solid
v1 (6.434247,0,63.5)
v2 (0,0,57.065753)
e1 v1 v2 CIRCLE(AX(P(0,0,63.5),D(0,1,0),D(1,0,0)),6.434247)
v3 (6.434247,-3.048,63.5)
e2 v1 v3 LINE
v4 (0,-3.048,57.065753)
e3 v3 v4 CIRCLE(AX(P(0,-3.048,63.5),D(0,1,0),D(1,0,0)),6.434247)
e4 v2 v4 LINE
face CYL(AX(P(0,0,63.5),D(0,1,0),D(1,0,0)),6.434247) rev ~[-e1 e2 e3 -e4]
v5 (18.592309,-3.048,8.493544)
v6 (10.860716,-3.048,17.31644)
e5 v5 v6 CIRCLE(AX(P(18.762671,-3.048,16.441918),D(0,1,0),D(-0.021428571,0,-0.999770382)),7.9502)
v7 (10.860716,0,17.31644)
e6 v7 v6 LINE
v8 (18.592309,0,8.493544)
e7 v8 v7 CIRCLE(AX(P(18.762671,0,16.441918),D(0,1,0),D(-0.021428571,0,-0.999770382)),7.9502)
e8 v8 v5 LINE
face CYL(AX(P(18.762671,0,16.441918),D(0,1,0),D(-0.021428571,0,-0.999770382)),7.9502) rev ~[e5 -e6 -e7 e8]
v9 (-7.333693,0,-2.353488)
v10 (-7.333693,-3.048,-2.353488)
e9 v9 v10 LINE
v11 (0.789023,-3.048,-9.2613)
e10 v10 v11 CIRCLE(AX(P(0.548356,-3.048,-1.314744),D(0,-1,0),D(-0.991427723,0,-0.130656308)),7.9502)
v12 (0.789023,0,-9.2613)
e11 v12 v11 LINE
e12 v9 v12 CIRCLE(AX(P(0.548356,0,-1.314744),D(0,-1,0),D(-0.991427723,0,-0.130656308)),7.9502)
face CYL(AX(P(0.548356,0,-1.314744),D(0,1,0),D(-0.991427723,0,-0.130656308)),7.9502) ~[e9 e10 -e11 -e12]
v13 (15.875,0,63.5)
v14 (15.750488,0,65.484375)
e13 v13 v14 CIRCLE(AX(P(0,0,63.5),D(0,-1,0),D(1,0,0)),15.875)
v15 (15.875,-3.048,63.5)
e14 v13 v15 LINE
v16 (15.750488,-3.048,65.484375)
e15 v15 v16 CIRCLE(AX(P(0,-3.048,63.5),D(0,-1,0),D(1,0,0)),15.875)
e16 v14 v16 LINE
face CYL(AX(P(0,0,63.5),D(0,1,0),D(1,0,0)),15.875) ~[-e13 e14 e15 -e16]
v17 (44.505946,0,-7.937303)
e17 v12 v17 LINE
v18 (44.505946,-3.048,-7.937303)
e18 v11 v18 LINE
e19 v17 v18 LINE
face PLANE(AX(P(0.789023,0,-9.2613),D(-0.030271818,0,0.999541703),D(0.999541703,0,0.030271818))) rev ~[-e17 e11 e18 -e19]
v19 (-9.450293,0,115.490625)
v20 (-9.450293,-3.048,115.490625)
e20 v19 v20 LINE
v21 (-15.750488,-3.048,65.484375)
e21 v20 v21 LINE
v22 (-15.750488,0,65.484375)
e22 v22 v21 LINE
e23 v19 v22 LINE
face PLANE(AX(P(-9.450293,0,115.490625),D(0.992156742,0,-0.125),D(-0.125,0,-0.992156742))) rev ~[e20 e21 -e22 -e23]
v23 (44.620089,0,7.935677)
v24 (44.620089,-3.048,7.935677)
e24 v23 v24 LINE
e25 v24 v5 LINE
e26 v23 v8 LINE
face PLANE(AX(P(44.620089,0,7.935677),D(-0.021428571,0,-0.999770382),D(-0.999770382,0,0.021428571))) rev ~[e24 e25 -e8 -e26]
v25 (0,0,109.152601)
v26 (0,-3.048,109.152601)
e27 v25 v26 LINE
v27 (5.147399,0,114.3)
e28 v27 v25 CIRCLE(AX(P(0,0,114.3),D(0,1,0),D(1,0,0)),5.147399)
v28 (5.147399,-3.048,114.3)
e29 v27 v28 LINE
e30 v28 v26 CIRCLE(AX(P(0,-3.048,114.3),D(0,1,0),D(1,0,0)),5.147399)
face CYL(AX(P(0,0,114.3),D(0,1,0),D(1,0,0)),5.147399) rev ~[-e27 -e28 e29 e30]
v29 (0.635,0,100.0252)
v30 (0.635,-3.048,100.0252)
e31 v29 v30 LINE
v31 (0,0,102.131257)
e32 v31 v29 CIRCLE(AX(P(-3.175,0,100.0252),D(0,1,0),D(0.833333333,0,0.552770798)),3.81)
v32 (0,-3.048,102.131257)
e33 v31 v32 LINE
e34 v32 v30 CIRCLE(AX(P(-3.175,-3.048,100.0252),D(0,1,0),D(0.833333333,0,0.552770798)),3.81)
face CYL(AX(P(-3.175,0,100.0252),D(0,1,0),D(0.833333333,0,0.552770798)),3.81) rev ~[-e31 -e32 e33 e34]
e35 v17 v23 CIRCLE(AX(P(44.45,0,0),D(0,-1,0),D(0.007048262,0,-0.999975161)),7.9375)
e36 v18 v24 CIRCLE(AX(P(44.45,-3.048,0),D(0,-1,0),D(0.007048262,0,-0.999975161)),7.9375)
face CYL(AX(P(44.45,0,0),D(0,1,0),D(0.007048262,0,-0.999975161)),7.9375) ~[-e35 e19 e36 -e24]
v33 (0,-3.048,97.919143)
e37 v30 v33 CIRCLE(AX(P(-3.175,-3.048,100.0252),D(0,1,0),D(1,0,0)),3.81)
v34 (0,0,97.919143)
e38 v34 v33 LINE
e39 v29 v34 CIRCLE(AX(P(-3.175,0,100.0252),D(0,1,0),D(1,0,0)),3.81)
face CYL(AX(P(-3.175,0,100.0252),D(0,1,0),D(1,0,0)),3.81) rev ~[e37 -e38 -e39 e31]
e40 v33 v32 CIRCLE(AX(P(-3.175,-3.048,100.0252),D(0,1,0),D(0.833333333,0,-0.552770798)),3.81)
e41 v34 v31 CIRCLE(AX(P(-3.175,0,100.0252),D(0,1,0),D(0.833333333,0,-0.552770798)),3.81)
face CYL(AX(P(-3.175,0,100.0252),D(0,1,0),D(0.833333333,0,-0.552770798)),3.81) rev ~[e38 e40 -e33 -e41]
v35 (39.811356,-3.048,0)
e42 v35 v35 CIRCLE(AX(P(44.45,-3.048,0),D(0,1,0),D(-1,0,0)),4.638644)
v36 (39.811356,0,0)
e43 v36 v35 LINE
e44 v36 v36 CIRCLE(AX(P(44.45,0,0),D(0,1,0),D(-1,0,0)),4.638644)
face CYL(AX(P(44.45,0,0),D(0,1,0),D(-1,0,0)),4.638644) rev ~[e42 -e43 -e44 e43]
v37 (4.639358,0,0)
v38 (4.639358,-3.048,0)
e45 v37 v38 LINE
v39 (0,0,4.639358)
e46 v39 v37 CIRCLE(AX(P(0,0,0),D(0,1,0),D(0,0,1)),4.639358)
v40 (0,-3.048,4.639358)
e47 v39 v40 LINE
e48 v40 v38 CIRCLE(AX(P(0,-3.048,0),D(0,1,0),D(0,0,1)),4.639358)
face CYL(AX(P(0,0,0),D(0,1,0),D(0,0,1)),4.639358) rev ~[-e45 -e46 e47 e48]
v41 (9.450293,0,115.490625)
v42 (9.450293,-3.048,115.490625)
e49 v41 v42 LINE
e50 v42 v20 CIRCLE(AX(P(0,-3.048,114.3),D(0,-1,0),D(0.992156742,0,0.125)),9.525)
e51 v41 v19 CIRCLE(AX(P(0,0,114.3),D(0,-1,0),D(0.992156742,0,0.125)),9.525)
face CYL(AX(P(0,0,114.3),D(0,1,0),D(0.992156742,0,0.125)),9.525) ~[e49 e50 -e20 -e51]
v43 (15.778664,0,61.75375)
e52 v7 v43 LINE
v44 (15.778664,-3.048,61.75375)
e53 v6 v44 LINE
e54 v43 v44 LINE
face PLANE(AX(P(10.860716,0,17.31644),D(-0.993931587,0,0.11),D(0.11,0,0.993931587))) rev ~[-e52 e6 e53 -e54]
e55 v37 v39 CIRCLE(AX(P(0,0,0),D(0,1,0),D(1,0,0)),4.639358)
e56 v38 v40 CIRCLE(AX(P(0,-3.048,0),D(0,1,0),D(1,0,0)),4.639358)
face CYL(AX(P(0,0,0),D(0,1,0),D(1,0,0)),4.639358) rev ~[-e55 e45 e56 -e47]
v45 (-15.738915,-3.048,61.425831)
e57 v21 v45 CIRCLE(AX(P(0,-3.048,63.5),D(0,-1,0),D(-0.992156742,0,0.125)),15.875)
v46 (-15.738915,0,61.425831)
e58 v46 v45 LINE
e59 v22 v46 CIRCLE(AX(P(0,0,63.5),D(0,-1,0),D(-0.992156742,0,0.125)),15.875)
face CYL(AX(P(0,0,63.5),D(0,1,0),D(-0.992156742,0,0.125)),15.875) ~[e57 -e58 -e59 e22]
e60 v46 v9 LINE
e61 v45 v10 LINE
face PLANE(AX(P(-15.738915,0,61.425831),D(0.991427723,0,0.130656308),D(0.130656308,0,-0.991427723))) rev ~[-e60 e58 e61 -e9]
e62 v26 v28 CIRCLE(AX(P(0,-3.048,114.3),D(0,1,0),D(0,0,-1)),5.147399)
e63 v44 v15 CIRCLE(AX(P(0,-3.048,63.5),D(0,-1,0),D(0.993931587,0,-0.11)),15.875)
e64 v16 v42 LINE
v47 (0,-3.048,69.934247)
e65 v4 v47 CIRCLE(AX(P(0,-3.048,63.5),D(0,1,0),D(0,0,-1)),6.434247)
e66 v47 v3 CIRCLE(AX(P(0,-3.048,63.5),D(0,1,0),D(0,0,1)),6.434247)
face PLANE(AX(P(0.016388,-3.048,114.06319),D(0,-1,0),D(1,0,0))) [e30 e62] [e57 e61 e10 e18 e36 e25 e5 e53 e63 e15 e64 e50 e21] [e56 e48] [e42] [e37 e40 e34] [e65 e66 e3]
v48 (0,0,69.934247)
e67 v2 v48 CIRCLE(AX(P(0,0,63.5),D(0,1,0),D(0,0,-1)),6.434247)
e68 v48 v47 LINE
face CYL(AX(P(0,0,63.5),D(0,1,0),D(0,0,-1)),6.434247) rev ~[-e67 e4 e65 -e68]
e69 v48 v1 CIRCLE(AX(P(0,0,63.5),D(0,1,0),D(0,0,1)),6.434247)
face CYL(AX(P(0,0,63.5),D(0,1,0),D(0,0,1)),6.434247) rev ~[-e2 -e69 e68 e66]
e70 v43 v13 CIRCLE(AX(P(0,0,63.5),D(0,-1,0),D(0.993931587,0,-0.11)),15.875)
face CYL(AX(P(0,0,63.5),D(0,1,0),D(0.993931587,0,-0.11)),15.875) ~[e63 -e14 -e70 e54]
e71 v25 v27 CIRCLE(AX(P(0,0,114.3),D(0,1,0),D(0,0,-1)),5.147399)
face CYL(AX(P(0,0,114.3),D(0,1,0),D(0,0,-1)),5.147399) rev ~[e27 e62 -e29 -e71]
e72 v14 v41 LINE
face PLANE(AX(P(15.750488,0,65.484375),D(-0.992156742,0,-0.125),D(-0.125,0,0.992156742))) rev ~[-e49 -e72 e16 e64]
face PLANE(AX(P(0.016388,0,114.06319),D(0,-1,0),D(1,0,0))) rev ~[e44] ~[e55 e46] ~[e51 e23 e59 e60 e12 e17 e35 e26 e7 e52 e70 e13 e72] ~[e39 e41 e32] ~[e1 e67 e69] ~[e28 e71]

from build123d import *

# Parameters (mm, degrees)
F1_DEPTH = 3.048


with BuildPart() as f1:
    # F0 (on Front) → F1 (new body)
    with BuildSketch(Plane.XZ):
        with BuildLine():
            ThreePointArc((-9.4502929642, 115.490625), (-7.14375, 107.9998046905), (0, 104.775))
            ThreePointArc((0, 104.775), (6.7351920908, 107.5648079092), (9.525, 114.3))
            ThreePointArc((9.525, 114.3), (9.5063048942, 114.896483242), (9.4502929642, 115.490625))
            ThreePointArc((9.4502929642, 115.490625), (0, 123.825), (-9.4502929642, 115.490625))
        make_face()
        with BuildLine():
            ThreePointArc((5.1473989497, 114.3), (3.6397607028, 110.6602392972), (0, 109.1526010503))
            ThreePointArc((0, 109.1526010503), (-3.6397607028, 117.9397607028), (5.1473989497, 114.3))
        make_face(mode=Mode.SUBTRACT)
        with BuildLine():
            ThreePointArc((9.525, 114.3), (6.7351920908, 107.5648079092), (0, 104.775))
            Line((0, 104.775), (0, 102.1312567419))
            ThreePointArc((0, 102.1312567419), (0.4727972806, 101.1250522628), (0.635, 100.0252))
            ThreePointArc((0.635, 100.0252), (0.4727972806, 98.9253477372), (0, 97.9191432581))
            Line((0, 97.9191432581), (0, 79.375))
            ThreePointArc((0, 79.375), (10.5003255158, 75.40625), (15.7504882737, 65.484375))
            Line((15.7504882737, 65.484375), (9.4502929642, 115.490625))
            ThreePointArc((9.4502929642, 115.490625), (9.5063048942, 114.896483242), (9.525, 114.3))
        make_face()
        with BuildLine():
            Line((0, 102.1312567419), (0, 104.775))
            ThreePointArc((0, 104.775), (-7.14375, 107.9998046905), (-9.4502929642, 115.490625))
            Line((-9.4502929642, 115.490625), (-15.7504882737, 65.484375))
            ThreePointArc((-15.7504882737, 65.484375), (-10.5003255158, 75.40625), (0, 79.375))
            Line((0, 79.375), (0, 97.9191432581))
            ThreePointArc((0, 97.9191432581), (-6.985, 100.0252), (0, 102.1312567419))
        make_face()
        with BuildLine():
            ThreePointArc((0, 79.375), (-10.5003255158, 75.40625), (-15.7504882737, 65.484375))
            ThreePointArc((-15.7504882737, 65.484375), (-15.8749354575, 63.4547316886), (-15.7389150973, 61.4258311158))
            ThreePointArc((-15.7389150973, 61.4258311158), (-10.4663315914, 51.5638562333), (0, 47.625))
            Line((0, 47.625), (0, 57.0657531906))
            ThreePointArc((0, 57.0657531906), (-6.4342468094, 63.5), (0, 69.9342468094))
            Line((0, 69.9342468094), (0, 79.375))
        make_face()
        with BuildLine():
            ThreePointArc((15.7504882737, 65.484375), (10.5003255158, 75.40625), (0, 79.375))
            Line((0, 79.375), (0, 69.9342468094))
            ThreePointArc((0, 69.9342468094), (4.5496995508, 68.0496995508), (6.4342468094, 63.5))
            ThreePointArc((6.4342468094, 63.5), (4.5496995508, 58.9503004492), (0, 57.0657531906))
            Line((0, 57.0657531906), (0, 47.625))
            ThreePointArc((0, 47.625), (10.5899458509, 51.6733913621), (15.7786639465, 61.75375))
            ThreePointArc((15.7786639465, 61.75375), (15.8508976899, 62.6255473572), (15.875, 63.5))
            ThreePointArc((15.875, 63.5), (15.8438414904, 64.4941387366), (15.7504882737, 65.484375))
        make_face()
        with BuildLine():
            ThreePointArc((0, 47.625), (-10.4663315914, 51.5638562333), (-15.7389150973, 61.4258311158))
            Line((-15.7389150973, 61.4258311158), (-7.3336929022, -2.3534876791))
            ThreePointArc((-7.3336929022, -2.3534876791), (-4.6020954107, -7.371024327), (0.7890227862, -9.261300353))
            Line((0.7890227862, -9.261300353), (44.5059455788, -7.937302838))
            ThreePointArc((44.5059455788, -7.937302838), (38.85715465, -5.6324050938), (36.5125, 0))
            Line((36.5125, 0), (4.6393582615, 0))
            ThreePointArc((4.6393582615, 0), (-3.2805216871, -3.2805216871), (0, 4.6393582615))
            Line((0, 4.6393582615), (0, 47.625))
        make_face()
        with BuildLine():
            ThreePointArc((15.7786639465, 61.75375), (10.5899458509, 51.6733913621), (0, 47.625))
            Line((0, 47.625), (0, 4.6393582615))
            ThreePointArc((0, 4.6393582615), (3.2805216871, 3.2805216871), (4.6393582615, 0))
            Line((4.6393582615, 0), (36.5125, 0))
            ThreePointArc((36.5125, 0), (38.8978012218, 5.6724769702), (44.6200892857, 7.9356774055))
            Line((44.6200892857, 7.9356774055), (18.5923091973, 8.4935436465))
            ThreePointArc((18.5923091973, 8.4935436465), (12.7834191375, 11.2022395504), (10.8607157214, 17.3164401359))
            Line((10.8607157214, 17.3164401359), (15.7786639465, 61.75375))
        make_face()
        with BuildLine():
            ThreePointArc((36.5125, 0), (38.85715465, -5.6324050938), (44.5059455788, -7.937302838))
            ThreePointArc((44.5059455788, -7.937302838), (50.0824050938, -5.59284535), (52.3875, 0))
            ThreePointArc((52.3875, 0), (50.1224769702, 5.5521987782), (44.6200892857, 7.9356774055))
            ThreePointArc((44.6200892857, 7.9356774055), (38.8978012218, 5.6724769702), (36.5125, 0))
        make_face()
        with BuildLine():
            ThreePointArc((49.088644138, 0), (44.45, -4.638644138), (39.811355862, 0))
            ThreePointArc((39.811355862, 0), (44.45, 4.638644138), (49.088644138, 0))
        make_face(mode=Mode.SUBTRACT)
    extrude(amount=F1_DEPTH)


solid = f1.part
